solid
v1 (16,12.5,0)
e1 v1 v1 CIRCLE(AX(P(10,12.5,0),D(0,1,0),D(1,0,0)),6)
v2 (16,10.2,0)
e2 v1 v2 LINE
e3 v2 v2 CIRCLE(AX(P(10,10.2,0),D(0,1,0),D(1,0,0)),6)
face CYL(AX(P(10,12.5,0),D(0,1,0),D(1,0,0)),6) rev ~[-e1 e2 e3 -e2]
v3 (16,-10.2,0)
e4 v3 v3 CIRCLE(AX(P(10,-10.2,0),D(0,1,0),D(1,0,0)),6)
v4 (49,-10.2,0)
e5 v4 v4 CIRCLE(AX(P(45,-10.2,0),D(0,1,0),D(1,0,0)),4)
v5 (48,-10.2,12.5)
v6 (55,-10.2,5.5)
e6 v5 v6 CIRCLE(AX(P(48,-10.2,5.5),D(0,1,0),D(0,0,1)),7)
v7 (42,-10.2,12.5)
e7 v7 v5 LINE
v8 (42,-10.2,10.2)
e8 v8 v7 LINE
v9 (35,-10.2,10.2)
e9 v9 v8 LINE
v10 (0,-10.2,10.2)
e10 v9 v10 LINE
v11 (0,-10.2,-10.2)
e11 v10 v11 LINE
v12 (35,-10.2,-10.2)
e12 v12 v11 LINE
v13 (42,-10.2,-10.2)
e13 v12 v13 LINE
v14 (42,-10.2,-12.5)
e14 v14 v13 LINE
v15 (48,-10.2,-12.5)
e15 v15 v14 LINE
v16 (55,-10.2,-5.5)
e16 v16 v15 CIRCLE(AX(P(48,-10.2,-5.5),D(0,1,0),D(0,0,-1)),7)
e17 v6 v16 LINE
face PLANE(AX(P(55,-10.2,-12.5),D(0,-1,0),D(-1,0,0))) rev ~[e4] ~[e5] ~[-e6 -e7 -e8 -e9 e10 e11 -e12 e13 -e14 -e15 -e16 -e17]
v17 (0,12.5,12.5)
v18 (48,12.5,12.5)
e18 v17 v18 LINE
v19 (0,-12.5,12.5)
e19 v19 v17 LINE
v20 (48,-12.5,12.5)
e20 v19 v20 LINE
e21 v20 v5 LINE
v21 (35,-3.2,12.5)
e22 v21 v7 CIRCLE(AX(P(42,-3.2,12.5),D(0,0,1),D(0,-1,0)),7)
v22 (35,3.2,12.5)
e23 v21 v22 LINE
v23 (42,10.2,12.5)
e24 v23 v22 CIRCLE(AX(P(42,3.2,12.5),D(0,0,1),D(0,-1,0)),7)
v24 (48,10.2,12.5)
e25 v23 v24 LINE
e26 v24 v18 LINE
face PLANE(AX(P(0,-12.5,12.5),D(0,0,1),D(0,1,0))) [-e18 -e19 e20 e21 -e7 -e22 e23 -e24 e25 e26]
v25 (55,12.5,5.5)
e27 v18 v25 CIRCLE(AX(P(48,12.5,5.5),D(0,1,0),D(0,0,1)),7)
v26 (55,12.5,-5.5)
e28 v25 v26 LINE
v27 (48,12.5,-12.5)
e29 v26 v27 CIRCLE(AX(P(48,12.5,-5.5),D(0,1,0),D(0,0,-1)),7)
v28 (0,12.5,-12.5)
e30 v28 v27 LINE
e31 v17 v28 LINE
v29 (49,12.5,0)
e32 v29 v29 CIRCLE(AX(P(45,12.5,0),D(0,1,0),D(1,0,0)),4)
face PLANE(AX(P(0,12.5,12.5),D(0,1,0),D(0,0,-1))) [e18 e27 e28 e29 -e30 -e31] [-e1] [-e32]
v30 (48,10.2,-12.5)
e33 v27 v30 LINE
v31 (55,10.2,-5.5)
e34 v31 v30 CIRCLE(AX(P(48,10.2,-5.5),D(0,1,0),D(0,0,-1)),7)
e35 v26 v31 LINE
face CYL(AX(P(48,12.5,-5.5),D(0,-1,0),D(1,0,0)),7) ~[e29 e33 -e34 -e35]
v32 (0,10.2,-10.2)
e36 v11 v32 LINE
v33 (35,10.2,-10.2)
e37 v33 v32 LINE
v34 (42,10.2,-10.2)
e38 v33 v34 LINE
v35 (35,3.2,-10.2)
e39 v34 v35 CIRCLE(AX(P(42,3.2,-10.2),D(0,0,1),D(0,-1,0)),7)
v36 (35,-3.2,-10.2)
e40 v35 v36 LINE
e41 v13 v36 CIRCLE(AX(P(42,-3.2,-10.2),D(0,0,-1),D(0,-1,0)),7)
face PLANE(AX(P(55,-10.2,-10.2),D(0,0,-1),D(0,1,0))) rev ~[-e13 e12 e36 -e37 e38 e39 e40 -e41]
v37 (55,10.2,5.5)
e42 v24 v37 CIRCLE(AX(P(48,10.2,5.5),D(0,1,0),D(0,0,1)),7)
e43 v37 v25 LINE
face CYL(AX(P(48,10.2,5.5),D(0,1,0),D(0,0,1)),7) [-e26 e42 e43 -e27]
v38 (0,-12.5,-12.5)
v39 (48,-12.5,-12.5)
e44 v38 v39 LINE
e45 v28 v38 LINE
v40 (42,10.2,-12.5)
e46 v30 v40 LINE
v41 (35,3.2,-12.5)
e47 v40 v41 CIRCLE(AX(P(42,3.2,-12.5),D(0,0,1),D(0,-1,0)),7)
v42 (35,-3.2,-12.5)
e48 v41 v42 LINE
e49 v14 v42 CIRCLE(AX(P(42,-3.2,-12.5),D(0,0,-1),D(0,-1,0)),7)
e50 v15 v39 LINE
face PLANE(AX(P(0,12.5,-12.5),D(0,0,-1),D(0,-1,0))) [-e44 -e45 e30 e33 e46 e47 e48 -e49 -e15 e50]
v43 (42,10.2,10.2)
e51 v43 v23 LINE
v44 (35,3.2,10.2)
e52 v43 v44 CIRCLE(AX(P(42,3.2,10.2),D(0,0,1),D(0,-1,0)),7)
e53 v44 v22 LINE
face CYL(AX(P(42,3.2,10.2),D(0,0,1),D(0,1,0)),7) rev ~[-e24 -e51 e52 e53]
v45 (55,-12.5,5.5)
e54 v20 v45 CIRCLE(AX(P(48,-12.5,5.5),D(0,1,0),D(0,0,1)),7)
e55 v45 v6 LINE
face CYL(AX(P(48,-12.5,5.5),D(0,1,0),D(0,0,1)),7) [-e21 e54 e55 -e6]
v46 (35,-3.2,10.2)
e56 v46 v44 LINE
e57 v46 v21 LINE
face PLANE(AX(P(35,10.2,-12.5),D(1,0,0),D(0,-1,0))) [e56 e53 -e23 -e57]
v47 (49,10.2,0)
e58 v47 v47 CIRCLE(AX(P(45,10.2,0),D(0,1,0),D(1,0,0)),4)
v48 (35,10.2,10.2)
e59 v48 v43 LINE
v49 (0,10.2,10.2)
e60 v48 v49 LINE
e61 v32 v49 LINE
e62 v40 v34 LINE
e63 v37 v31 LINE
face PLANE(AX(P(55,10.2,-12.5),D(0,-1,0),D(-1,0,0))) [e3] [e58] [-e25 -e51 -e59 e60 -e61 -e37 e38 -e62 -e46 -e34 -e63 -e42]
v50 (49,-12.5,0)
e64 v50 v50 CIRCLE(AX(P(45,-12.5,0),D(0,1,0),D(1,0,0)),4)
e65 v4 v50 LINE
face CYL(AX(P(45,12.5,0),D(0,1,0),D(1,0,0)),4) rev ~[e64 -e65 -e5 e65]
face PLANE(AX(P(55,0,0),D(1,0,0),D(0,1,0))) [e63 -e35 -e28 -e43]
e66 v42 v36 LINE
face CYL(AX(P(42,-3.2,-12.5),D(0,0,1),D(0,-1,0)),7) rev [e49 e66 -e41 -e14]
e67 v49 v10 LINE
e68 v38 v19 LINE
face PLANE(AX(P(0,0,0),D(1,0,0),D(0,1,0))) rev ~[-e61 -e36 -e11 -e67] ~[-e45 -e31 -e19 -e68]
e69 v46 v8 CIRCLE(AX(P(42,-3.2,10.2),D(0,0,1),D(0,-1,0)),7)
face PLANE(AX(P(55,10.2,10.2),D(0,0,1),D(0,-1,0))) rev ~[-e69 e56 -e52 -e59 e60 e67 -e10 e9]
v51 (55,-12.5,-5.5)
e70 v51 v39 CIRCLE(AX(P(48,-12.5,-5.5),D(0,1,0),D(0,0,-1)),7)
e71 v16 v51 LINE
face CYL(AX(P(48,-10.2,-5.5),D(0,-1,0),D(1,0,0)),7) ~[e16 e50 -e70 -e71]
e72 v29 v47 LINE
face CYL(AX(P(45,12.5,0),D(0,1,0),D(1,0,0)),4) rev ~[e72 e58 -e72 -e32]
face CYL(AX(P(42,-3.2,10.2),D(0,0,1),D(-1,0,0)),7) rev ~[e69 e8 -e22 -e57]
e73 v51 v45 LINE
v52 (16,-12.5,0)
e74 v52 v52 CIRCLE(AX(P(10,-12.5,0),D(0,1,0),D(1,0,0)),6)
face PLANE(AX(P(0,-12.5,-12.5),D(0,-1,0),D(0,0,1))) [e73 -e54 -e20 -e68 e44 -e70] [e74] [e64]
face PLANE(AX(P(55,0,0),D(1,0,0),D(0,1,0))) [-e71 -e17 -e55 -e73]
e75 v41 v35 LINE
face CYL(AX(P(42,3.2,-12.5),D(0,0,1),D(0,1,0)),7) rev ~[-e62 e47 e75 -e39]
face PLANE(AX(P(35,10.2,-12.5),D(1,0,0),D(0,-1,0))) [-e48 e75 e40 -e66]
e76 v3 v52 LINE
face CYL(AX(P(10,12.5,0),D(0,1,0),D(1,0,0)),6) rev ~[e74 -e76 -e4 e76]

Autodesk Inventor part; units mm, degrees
ref_plane "YZ Plane" through (0, 0, 0) normal (1, 0, 0) x (0, 1, 0)
ref_plane "XZ Plane" through (0, 0, 0) normal (0, 1, 0) x (-1, 0, 0)
ref_plane "XY Plane" through (0, 0, 0) normal (0, 0, 1) x (1, 0, 0)
sketch "スケッチ1" plane through (0, 0, 0) normal (1, 0, 0) x (0, 1, 0)
  line L0 (-12.5, 12.5) -> (12.5, 12.5)
  line L1 (12.5, 12.5) -> (12.5, -12.5)
  line L2 (12.5, -12.5) -> (-12.5, -12.5)
  line L3 (-12.5, -12.5) -> (-12.5, 12.5)
  line L4 (-12.5, 12.5) -> (12.5, -12.5) construction
  line L5 (12.5, 12.5) -> (-12.5, -12.5) construction
  point P0 (0, 0)
  dimension "d0" = 25
  dimension "d1" = 25
extrude "押し出し1" add sketch "スケッチ1" along normal blind 55
sketch "スケッチ2" plane through (0, 12.5, 12.5) normal (0, 1, 0) x (1, 0, 0)
  circle A0 centre (10, 12.5) radius 6
  line L0 (0, 0) -> (0, 25) projected
  line L1 (0, 0) -> (55, 0) projected
  point P0 (0, 12.5)
  dimension "d4" = 12
  dimension "d5" = 10
  dimension "d6" = 12.5
extrude "押し出し2" cut sketch "スケッチ2" against normal through all
sketch "スケッチ3" plane through (0, 12.5, 12.5) normal (0, 1, 0) x (1, 0, 0)
  circle A0 centre (45, 12.5) radius 4
  line L0 (55, 25) -> (55, 0) projected
  line L1 (0, 25) -> (55, 25) projected
  point P0 (0, 12.5)
  dimension "d9" = 10
  dimension "d10" = 8
  dimension "d11" = 12.5
extrude "押し出し3" cut sketch "スケッチ3" against normal through all
sketch "スケッチ4" plane through (55, 0, 0) normal (1, 0, 0) x (0, 0, -1)
  line L0 (-10.2, -10.2) -> (10.2, -10.2)
  line L1 (10.2, -10.2) -> (10.2, 10.2)
  line L2 (10.2, 10.2) -> (-10.2, 10.2)
  line L3 (-10.2, 10.2) -> (-10.2, -10.2)
  line L4 (-10.2, -10.2) -> (10.2, 10.2) construction
  line L5 (10.2, -10.2) -> (-10.2, 10.2) construction
  line L6 (-12.5, 12.5) -> (-12.5, -12.5) projected
  line L7 (12.5, 12.5) -> (-12.5, 12.5) projected
  point P0 (0, 0)
  dimension "d14" = 2.3
  dimension "d15" = 2.3
extrude "押し出し4" cut sketch "スケッチ4" against normal through all
sketch "スケッチ5" plane through (0, -12.5, -12.5) normal (0, 0, -1) x (-1, 0, 0)
  line L0 (-55, 2.3) -> (-55, 22.7) projected
  line L1 (-55, 2.3) -> (0, 2.3) projected
  line L2 (-55, 22.7) -> (-35, 22.7)
  line L3 (-35, 22.7) -> (-35, 2.3)
  line L4 (-35, 2.3) -> (-55, 2.3)
  line L5 (-55, 2.3) -> (-55, 22.7)
  point P0 (0, 12.5)
  dimension "d18" = 20
extrude "押し出し5" cut sketch "スケッチ5" against normal through all
fillet "フィレット1" radius 7 8 edges at (55, 11.35, -12.5) (55, -11.35, -12.5) (55, -11.35, 12.5) (55, 11.35, 12.5) (35, -10.2, -11.35) (35, -10.2, 11.35) (35, 10.2, -11.35) (35, 10.2, 11.35)
equation "\"d1\" = d0"
properties part number "bracket FU RL" material "鉄、可鍛鉄"
